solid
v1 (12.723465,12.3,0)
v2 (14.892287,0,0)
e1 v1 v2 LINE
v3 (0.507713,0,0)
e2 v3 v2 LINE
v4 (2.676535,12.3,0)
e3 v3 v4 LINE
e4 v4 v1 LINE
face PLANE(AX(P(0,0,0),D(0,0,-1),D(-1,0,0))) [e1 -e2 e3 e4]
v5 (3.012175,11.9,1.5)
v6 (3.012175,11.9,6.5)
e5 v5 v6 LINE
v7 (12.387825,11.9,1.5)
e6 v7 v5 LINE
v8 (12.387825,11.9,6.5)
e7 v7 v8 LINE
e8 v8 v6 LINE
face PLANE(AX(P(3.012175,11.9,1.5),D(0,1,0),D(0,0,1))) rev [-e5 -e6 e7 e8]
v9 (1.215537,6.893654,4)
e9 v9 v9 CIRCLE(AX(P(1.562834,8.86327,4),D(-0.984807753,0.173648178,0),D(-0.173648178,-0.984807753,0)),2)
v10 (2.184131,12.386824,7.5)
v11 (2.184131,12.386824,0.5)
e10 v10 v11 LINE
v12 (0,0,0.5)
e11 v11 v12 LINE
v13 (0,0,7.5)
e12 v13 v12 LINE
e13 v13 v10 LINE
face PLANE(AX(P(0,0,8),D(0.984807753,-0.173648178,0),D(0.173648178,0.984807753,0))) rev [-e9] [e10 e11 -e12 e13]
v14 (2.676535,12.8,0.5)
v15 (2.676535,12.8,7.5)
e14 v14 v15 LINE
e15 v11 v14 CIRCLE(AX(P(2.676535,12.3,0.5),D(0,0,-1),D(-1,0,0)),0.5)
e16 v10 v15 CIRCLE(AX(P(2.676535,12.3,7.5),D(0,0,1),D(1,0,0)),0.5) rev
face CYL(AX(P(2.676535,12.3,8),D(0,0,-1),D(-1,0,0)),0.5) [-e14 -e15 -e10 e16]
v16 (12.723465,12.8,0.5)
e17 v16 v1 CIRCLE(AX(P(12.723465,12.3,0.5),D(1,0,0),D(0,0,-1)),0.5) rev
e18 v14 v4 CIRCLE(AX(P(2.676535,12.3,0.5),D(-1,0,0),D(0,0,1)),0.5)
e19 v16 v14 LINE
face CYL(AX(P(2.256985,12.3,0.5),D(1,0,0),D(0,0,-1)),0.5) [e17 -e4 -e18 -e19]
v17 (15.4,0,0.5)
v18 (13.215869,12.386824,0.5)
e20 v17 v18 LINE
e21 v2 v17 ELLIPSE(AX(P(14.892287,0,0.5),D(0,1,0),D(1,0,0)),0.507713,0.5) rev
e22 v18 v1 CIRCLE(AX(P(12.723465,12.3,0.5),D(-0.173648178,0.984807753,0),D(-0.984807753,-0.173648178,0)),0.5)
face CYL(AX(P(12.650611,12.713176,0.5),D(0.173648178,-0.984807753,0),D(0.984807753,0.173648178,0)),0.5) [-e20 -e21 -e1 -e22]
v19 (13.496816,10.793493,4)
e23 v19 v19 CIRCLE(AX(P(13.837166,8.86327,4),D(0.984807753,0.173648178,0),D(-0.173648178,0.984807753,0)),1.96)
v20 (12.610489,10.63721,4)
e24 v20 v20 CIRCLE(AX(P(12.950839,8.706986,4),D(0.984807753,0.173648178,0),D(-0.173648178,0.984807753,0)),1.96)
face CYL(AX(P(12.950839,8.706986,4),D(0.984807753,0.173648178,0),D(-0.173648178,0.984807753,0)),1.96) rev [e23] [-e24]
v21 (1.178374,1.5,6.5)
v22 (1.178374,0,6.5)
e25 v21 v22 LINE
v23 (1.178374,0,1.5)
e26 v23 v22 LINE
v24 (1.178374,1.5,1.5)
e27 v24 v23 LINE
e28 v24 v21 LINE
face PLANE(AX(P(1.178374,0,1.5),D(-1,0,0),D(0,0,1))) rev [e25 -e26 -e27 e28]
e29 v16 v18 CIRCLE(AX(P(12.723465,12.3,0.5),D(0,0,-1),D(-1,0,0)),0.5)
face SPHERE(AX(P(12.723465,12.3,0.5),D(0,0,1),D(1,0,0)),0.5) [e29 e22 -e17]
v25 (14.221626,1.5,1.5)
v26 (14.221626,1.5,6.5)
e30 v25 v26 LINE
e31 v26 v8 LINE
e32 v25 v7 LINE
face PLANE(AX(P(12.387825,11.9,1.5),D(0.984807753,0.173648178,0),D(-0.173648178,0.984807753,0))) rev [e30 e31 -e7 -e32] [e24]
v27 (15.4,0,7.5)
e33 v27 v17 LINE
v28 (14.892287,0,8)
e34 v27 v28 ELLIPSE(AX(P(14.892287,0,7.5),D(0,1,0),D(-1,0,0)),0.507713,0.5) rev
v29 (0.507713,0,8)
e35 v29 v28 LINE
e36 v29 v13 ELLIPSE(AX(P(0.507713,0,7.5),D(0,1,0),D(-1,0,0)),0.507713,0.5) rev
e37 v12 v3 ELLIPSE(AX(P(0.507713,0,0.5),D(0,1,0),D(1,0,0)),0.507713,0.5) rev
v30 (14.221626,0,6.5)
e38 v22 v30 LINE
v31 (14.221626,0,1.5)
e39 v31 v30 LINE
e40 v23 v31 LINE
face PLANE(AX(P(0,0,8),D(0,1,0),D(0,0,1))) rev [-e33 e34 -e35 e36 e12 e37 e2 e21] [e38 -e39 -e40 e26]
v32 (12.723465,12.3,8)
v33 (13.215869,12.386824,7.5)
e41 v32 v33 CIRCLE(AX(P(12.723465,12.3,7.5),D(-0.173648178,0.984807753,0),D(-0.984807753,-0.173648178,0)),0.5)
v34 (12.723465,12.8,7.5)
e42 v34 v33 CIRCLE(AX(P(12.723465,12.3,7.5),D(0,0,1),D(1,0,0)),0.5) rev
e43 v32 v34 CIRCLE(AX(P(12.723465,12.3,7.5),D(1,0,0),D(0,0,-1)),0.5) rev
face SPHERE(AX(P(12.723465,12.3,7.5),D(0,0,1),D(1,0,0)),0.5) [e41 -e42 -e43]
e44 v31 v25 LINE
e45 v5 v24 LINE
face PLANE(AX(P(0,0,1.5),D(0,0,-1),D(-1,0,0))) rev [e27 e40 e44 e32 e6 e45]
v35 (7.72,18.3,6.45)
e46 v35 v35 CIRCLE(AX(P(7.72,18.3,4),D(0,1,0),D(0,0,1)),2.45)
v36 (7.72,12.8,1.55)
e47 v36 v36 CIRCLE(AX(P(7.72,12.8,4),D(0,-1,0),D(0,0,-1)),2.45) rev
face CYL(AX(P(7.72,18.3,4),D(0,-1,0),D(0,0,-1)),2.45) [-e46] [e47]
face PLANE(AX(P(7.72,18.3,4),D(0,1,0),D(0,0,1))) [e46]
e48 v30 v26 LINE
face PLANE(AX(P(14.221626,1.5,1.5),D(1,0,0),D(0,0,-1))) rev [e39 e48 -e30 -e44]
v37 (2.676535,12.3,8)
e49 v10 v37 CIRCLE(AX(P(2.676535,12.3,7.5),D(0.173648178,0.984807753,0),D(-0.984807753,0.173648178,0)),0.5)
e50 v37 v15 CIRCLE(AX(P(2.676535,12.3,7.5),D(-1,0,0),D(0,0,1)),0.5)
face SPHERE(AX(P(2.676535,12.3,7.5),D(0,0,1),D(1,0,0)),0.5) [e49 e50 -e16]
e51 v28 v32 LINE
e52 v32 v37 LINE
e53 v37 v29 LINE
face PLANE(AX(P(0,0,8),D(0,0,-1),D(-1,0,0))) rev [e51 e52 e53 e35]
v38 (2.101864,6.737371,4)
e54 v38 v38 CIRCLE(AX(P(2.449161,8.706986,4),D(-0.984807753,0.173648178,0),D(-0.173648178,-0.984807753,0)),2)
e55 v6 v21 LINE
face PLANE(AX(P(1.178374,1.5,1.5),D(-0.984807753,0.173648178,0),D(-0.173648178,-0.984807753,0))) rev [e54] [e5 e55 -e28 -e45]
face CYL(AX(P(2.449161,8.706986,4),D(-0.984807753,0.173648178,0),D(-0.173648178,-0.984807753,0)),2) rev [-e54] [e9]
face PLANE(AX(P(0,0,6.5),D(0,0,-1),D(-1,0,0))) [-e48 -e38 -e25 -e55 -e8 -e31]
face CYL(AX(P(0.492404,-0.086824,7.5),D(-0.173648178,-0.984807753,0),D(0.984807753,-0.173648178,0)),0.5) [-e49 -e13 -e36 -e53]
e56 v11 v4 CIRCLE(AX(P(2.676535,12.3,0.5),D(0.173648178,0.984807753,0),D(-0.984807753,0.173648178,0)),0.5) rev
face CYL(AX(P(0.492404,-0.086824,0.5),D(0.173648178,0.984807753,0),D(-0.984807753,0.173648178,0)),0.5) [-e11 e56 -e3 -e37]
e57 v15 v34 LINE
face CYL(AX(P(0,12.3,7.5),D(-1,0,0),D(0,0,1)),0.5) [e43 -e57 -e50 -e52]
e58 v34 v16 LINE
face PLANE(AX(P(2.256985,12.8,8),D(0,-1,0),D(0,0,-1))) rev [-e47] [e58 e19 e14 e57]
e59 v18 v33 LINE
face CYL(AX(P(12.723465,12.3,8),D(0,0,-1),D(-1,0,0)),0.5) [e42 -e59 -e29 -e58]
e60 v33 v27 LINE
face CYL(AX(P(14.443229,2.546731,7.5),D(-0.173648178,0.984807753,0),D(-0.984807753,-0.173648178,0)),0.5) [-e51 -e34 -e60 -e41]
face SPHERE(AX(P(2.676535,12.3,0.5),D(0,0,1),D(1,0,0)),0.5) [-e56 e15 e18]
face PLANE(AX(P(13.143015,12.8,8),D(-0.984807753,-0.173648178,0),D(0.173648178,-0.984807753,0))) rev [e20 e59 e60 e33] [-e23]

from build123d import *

# Parameters (mm, degrees)
BOSS_EXTRUDE1_DEPTH = 8
CUT_EXTRUDE3_START  = -1.5
CUT_EXTRUDE3_DEPTH  = 5
SKETCH2_R           = 1.96
CUT_EXTRUDE1_DEPTH  = 0.9
SKETCH3_R           = 2
CUT_EXTRUDE2_DEPTH  = 0.9
FILLET1_R           = 0.5
SKETCH4_R           = 2.45
BOSS_EXTRUDE2_DEPTH = 5.5


with BuildPart() as part:
    # Sketch1 → Boss-Extrude1 (new body)
    with BuildSketch(Plane.XY):
        Polygon((0, 0), (15.4, 0), (13.143014647, 12.8), (2.256985353, 12.8), align=None)
    extrude(amount=BOSS_EXTRUDE1_DEPTH)

    # Sketch5 → Cut-Extrude3 (cut)
    with BuildSketch(Plane.XY.offset(8).offset(CUT_EXTRUDE3_START)):
        Polygon((1.178374422, 0), (1.178374422, 1.5), (3.012175021, 11.9), (12.387824979, 11.9), (14.221625578, 1.5), (14.221625578, 0), align=None)
    extrude(amount=-CUT_EXTRUDE3_DEPTH, mode=Mode.SUBTRACT)

    # Sketch2 → Cut-Extrude1 (cut)
    with BuildSketch(Plane(origin=(14.93563318, 2.633555104, 0), x_dir=(0, 0, -1), z_dir=(0.9848077530122086, 0.17364817766692736, 0))):
        with Locations(Location((-4, 6.325818064, 0), (0, 0, 90))):
            Circle(SKETCH2_R)
    extrude(amount=-CUT_EXTRUDE1_DEPTH, mode=Mode.SUBTRACT)

    # Sketch3 → Cut-Extrude2 (cut)
    with BuildSketch(Plane(origin=(0, 0, 0), x_dir=(0, 0, 1), z_dir=(-0.9848077530122087, 0.17364817766692736, 0))):
        with Locations(Location((4, 9, 0), (0, 0, 270))):
            Circle(SKETCH3_R)
    extrude(amount=-CUT_EXTRUDE2_DEPTH, mode=Mode.SUBTRACT)

    # Fillet1
    fillet1_edges = [part.edges().sort_by_distance(p)[0] for p in [
        (14.271507323, 6.4, 8),
        (7.7, 12.8, 8),
        (1.128492677, 6.4, 8),
        (7.7, 12.8, 0),
        (14.271507323, 6.4, 0),
        (1.128492677, 6.4, 0),
        (2.256985353, 12.8, 4),
        (13.143014647, 12.8, 4),
    ]]
    fillet(fillet1_edges, radius=FILLET1_R)

    # Sketch4 → Boss-Extrude2 (add)
    with BuildSketch(Plane(origin=(0, 12.8, 0), x_dir=(1, 0, 0), z_dir=(0, 1, 0))):
        with Locations(Location((7.72, -4, 0), (0, 0, 90))):
            Circle(SKETCH4_R)
    extrude(amount=BOSS_EXTRUDE2_DEPTH)


solid = part.part
